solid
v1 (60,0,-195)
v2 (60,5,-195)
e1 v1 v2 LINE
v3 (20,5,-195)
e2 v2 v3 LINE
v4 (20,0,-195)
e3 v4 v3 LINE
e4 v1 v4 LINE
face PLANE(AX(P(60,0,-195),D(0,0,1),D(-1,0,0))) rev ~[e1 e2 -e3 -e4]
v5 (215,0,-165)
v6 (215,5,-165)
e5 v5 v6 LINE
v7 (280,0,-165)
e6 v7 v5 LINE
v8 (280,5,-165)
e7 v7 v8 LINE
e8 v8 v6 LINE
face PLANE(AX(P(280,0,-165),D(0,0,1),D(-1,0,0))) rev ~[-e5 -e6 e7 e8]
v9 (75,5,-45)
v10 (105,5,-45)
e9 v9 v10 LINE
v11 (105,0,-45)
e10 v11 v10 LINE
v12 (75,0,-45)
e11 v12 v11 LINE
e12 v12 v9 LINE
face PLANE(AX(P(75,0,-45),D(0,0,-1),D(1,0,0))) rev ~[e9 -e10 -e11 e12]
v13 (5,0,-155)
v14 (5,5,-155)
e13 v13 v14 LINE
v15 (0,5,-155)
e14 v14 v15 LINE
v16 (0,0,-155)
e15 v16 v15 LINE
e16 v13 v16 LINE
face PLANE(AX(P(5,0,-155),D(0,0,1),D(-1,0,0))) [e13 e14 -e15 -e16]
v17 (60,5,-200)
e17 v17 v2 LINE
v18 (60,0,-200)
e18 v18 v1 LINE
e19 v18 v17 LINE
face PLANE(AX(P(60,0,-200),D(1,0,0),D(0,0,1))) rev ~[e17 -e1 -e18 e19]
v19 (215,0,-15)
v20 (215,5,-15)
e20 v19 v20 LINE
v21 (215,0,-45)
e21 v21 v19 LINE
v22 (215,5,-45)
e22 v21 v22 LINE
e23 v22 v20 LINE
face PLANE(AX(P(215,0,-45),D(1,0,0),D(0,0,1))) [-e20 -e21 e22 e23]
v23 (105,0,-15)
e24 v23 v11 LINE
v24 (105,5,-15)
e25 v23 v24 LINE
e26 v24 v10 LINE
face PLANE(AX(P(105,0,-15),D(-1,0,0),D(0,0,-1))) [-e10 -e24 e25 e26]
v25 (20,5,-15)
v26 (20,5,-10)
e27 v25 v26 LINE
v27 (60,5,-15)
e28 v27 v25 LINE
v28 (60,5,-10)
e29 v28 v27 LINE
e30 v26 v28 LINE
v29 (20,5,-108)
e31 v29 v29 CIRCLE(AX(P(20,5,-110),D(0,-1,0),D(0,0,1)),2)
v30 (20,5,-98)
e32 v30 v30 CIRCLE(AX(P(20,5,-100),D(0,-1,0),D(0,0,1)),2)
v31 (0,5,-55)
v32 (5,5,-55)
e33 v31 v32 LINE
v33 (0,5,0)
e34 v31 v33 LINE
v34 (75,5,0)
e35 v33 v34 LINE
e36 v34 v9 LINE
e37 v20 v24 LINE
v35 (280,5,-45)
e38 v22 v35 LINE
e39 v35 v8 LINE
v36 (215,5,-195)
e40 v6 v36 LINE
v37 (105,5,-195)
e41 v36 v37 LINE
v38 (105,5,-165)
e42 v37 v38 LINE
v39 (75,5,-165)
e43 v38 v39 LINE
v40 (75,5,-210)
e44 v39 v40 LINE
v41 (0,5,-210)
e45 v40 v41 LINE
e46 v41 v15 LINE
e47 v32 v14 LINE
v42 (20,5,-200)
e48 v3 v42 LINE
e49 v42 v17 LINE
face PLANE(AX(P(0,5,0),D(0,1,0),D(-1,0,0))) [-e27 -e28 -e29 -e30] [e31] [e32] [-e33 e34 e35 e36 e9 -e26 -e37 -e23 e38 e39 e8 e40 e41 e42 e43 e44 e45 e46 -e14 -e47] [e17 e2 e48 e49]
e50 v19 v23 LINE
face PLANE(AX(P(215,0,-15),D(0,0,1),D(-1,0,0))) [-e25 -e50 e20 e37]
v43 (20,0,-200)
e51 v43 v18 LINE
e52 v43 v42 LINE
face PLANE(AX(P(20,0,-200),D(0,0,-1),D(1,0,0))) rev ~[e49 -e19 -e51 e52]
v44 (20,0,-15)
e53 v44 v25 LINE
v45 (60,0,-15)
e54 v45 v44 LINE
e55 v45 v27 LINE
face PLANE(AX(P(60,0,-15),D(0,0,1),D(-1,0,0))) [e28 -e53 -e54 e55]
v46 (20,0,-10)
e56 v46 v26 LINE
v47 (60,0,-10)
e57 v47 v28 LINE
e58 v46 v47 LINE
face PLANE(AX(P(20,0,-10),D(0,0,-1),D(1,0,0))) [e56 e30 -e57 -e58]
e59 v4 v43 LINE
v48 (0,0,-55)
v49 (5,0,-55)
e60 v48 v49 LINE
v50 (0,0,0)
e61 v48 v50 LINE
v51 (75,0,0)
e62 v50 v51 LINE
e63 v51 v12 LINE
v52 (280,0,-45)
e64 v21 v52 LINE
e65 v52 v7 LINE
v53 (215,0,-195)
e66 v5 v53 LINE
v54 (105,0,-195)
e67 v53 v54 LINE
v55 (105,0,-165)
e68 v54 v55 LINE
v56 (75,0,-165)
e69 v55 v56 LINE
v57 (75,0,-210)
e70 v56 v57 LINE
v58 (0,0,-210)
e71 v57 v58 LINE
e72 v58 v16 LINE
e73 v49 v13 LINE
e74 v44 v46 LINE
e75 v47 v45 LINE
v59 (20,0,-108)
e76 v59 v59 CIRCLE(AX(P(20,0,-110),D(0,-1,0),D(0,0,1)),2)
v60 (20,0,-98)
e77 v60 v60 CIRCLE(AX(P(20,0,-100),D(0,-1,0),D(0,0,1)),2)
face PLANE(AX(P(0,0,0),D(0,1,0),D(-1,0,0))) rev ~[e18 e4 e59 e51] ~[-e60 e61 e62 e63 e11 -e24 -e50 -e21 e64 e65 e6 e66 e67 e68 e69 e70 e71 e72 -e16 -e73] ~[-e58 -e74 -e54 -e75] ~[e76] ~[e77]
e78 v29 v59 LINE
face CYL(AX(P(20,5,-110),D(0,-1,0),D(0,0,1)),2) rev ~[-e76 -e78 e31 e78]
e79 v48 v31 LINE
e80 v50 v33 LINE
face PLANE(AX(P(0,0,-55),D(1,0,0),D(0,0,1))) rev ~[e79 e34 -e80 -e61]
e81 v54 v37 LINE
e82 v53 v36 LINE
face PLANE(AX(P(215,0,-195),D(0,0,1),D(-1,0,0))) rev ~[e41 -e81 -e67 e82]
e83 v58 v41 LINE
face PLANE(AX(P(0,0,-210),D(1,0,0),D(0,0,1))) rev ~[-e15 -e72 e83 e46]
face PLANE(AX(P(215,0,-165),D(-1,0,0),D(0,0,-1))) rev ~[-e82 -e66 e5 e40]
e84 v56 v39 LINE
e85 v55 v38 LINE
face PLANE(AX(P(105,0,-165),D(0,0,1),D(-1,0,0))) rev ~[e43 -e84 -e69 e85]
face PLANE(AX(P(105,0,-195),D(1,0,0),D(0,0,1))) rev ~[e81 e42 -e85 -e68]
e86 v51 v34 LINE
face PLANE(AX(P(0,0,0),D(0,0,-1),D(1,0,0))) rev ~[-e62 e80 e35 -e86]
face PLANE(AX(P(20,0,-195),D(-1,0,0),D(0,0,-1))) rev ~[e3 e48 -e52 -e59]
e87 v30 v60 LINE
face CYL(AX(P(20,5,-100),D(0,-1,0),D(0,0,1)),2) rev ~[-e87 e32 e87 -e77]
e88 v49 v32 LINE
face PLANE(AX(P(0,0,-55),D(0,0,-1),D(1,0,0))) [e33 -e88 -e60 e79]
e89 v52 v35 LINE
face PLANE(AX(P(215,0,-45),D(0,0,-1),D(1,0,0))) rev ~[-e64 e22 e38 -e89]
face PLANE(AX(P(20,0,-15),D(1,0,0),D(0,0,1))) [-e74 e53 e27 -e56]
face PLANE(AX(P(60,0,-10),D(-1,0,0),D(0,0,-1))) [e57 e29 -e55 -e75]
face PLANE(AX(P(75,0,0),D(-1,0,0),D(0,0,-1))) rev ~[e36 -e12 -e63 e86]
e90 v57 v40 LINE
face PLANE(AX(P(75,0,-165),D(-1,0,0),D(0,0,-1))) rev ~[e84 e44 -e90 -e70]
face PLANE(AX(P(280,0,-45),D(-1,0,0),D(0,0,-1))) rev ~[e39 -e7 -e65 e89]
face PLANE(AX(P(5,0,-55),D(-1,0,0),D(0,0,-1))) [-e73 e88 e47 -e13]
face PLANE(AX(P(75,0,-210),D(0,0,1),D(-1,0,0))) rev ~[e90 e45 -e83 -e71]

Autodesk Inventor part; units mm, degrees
ref_plane "YZ Plane" through (0, 0, 0) normal (1, 0, 0) x (0, 1, 0)
ref_plane "XZ Plane" through (0, 0, 0) normal (0, 1, 0) x (-1, 0, 0)
ref_plane "XY Plane" through (0, 0, 0) normal (0, 0, 1) x (1, 0, 0)
sketch "Sketch1" plane through (0, 0, 0) normal (0, 1, 0) x (-1, 0, 0)
  line L0 (0, 0) -> (-75, 0)
  line L1 (-75, 0) -> (-75, -210)
  line L2 (-75, -210) -> (0, -210)
  line L3 (0, -210) -> (0, 0)
  line L4 (-20, -10) -> (-60, -10)
  line L5 (-60, -10) -> (-60, -15)
  line L6 (-60, -15) -> (-20, -15)
  line L7 (-20, -15) -> (-20, -10)
  line L8 (-75, -105) -> (0, -105) construction
  line L9 (-20, -200) -> (-60, -200)
  line L10 (-60, -200) -> (-60, -195)
  line L11 (-60, -195) -> (-20, -195)
  line L12 (-20, -195) -> (-20, -200)
  line L13 (-75, -45) -> (-280, -45)
  line L14 (-280, -45) -> (-280, -165)
  line L15 (-280, -165) -> (-75, -165)
  line L16 (-75, -165) -> (-75, -45)
  line L17 (0, -55) -> (-5, -55)
  line L18 (-5, -55) -> (-5, -155)
  line L19 (-5, -155) -> (0, -155)
  line L20 (0, -155) -> (0, -55)
  line L21 (-105, -45) -> (-215, -45)
  line L22 (-215, -45) -> (-215, -15)
  line L23 (-215, -15) -> (-105, -15)
  line L24 (-105, -15) -> (-105, -45)
  line L25 (-105, -165) -> (-215, -165)
  line L26 (-215, -165) -> (-215, -195)
  line L27 (-215, -195) -> (-105, -195)
  line L28 (-105, -195) -> (-105, -165)
  point P0 (-75, -165)
  point P1 (0, -155)
  dimension "d0" = 75
  dimension "d2" = 40
  dimension "d3" = 5
  dimension "d11" = 20
  dimension "d12" = 5
  dimension "d13" = 100
  dimension "d15" = 110
  dimension "d16" = 30
  dimension "d17" = 10
  dimension "d19" = 190
  dimension "d21" = 30
  dimension "d22" = 30
  dimension "d23" = 50
  dimension "d25" = 30
  dimension "d26" = 110
  dimension "d27" = 120
  dimension "d28" = 45
  dimension "d29" = 205
extrude "Extrusion1" add sketch "Sketch1" along normal blind 5 contours L3 L17 L18 L19 L2 L1 L0 | L1 L15 L14 L13 | L13 L22 L23 L24 | L28 L27 L26 L15
sketch "Sketch2" plane through (0, 5, 0) normal (0, 1, 0) x (1, 0, 0)
  line L0 (5, 155) -> (5, 55) projected
  line L1 (0, 155) -> (5, 155) projected
  point P0 (0, 0)
  point P1 (20, 100)
  point P2 (20, 110)
  dimension "d37" = 10
  dimension "d38" = 15
  dimension "d39" = 15
  dimension "d40" = 45
hole "Hole1" at (20, 5, -100) at (20, 5, -110) direction (0, -1, 0) diameter 4 end through all
properties part number "hood"
